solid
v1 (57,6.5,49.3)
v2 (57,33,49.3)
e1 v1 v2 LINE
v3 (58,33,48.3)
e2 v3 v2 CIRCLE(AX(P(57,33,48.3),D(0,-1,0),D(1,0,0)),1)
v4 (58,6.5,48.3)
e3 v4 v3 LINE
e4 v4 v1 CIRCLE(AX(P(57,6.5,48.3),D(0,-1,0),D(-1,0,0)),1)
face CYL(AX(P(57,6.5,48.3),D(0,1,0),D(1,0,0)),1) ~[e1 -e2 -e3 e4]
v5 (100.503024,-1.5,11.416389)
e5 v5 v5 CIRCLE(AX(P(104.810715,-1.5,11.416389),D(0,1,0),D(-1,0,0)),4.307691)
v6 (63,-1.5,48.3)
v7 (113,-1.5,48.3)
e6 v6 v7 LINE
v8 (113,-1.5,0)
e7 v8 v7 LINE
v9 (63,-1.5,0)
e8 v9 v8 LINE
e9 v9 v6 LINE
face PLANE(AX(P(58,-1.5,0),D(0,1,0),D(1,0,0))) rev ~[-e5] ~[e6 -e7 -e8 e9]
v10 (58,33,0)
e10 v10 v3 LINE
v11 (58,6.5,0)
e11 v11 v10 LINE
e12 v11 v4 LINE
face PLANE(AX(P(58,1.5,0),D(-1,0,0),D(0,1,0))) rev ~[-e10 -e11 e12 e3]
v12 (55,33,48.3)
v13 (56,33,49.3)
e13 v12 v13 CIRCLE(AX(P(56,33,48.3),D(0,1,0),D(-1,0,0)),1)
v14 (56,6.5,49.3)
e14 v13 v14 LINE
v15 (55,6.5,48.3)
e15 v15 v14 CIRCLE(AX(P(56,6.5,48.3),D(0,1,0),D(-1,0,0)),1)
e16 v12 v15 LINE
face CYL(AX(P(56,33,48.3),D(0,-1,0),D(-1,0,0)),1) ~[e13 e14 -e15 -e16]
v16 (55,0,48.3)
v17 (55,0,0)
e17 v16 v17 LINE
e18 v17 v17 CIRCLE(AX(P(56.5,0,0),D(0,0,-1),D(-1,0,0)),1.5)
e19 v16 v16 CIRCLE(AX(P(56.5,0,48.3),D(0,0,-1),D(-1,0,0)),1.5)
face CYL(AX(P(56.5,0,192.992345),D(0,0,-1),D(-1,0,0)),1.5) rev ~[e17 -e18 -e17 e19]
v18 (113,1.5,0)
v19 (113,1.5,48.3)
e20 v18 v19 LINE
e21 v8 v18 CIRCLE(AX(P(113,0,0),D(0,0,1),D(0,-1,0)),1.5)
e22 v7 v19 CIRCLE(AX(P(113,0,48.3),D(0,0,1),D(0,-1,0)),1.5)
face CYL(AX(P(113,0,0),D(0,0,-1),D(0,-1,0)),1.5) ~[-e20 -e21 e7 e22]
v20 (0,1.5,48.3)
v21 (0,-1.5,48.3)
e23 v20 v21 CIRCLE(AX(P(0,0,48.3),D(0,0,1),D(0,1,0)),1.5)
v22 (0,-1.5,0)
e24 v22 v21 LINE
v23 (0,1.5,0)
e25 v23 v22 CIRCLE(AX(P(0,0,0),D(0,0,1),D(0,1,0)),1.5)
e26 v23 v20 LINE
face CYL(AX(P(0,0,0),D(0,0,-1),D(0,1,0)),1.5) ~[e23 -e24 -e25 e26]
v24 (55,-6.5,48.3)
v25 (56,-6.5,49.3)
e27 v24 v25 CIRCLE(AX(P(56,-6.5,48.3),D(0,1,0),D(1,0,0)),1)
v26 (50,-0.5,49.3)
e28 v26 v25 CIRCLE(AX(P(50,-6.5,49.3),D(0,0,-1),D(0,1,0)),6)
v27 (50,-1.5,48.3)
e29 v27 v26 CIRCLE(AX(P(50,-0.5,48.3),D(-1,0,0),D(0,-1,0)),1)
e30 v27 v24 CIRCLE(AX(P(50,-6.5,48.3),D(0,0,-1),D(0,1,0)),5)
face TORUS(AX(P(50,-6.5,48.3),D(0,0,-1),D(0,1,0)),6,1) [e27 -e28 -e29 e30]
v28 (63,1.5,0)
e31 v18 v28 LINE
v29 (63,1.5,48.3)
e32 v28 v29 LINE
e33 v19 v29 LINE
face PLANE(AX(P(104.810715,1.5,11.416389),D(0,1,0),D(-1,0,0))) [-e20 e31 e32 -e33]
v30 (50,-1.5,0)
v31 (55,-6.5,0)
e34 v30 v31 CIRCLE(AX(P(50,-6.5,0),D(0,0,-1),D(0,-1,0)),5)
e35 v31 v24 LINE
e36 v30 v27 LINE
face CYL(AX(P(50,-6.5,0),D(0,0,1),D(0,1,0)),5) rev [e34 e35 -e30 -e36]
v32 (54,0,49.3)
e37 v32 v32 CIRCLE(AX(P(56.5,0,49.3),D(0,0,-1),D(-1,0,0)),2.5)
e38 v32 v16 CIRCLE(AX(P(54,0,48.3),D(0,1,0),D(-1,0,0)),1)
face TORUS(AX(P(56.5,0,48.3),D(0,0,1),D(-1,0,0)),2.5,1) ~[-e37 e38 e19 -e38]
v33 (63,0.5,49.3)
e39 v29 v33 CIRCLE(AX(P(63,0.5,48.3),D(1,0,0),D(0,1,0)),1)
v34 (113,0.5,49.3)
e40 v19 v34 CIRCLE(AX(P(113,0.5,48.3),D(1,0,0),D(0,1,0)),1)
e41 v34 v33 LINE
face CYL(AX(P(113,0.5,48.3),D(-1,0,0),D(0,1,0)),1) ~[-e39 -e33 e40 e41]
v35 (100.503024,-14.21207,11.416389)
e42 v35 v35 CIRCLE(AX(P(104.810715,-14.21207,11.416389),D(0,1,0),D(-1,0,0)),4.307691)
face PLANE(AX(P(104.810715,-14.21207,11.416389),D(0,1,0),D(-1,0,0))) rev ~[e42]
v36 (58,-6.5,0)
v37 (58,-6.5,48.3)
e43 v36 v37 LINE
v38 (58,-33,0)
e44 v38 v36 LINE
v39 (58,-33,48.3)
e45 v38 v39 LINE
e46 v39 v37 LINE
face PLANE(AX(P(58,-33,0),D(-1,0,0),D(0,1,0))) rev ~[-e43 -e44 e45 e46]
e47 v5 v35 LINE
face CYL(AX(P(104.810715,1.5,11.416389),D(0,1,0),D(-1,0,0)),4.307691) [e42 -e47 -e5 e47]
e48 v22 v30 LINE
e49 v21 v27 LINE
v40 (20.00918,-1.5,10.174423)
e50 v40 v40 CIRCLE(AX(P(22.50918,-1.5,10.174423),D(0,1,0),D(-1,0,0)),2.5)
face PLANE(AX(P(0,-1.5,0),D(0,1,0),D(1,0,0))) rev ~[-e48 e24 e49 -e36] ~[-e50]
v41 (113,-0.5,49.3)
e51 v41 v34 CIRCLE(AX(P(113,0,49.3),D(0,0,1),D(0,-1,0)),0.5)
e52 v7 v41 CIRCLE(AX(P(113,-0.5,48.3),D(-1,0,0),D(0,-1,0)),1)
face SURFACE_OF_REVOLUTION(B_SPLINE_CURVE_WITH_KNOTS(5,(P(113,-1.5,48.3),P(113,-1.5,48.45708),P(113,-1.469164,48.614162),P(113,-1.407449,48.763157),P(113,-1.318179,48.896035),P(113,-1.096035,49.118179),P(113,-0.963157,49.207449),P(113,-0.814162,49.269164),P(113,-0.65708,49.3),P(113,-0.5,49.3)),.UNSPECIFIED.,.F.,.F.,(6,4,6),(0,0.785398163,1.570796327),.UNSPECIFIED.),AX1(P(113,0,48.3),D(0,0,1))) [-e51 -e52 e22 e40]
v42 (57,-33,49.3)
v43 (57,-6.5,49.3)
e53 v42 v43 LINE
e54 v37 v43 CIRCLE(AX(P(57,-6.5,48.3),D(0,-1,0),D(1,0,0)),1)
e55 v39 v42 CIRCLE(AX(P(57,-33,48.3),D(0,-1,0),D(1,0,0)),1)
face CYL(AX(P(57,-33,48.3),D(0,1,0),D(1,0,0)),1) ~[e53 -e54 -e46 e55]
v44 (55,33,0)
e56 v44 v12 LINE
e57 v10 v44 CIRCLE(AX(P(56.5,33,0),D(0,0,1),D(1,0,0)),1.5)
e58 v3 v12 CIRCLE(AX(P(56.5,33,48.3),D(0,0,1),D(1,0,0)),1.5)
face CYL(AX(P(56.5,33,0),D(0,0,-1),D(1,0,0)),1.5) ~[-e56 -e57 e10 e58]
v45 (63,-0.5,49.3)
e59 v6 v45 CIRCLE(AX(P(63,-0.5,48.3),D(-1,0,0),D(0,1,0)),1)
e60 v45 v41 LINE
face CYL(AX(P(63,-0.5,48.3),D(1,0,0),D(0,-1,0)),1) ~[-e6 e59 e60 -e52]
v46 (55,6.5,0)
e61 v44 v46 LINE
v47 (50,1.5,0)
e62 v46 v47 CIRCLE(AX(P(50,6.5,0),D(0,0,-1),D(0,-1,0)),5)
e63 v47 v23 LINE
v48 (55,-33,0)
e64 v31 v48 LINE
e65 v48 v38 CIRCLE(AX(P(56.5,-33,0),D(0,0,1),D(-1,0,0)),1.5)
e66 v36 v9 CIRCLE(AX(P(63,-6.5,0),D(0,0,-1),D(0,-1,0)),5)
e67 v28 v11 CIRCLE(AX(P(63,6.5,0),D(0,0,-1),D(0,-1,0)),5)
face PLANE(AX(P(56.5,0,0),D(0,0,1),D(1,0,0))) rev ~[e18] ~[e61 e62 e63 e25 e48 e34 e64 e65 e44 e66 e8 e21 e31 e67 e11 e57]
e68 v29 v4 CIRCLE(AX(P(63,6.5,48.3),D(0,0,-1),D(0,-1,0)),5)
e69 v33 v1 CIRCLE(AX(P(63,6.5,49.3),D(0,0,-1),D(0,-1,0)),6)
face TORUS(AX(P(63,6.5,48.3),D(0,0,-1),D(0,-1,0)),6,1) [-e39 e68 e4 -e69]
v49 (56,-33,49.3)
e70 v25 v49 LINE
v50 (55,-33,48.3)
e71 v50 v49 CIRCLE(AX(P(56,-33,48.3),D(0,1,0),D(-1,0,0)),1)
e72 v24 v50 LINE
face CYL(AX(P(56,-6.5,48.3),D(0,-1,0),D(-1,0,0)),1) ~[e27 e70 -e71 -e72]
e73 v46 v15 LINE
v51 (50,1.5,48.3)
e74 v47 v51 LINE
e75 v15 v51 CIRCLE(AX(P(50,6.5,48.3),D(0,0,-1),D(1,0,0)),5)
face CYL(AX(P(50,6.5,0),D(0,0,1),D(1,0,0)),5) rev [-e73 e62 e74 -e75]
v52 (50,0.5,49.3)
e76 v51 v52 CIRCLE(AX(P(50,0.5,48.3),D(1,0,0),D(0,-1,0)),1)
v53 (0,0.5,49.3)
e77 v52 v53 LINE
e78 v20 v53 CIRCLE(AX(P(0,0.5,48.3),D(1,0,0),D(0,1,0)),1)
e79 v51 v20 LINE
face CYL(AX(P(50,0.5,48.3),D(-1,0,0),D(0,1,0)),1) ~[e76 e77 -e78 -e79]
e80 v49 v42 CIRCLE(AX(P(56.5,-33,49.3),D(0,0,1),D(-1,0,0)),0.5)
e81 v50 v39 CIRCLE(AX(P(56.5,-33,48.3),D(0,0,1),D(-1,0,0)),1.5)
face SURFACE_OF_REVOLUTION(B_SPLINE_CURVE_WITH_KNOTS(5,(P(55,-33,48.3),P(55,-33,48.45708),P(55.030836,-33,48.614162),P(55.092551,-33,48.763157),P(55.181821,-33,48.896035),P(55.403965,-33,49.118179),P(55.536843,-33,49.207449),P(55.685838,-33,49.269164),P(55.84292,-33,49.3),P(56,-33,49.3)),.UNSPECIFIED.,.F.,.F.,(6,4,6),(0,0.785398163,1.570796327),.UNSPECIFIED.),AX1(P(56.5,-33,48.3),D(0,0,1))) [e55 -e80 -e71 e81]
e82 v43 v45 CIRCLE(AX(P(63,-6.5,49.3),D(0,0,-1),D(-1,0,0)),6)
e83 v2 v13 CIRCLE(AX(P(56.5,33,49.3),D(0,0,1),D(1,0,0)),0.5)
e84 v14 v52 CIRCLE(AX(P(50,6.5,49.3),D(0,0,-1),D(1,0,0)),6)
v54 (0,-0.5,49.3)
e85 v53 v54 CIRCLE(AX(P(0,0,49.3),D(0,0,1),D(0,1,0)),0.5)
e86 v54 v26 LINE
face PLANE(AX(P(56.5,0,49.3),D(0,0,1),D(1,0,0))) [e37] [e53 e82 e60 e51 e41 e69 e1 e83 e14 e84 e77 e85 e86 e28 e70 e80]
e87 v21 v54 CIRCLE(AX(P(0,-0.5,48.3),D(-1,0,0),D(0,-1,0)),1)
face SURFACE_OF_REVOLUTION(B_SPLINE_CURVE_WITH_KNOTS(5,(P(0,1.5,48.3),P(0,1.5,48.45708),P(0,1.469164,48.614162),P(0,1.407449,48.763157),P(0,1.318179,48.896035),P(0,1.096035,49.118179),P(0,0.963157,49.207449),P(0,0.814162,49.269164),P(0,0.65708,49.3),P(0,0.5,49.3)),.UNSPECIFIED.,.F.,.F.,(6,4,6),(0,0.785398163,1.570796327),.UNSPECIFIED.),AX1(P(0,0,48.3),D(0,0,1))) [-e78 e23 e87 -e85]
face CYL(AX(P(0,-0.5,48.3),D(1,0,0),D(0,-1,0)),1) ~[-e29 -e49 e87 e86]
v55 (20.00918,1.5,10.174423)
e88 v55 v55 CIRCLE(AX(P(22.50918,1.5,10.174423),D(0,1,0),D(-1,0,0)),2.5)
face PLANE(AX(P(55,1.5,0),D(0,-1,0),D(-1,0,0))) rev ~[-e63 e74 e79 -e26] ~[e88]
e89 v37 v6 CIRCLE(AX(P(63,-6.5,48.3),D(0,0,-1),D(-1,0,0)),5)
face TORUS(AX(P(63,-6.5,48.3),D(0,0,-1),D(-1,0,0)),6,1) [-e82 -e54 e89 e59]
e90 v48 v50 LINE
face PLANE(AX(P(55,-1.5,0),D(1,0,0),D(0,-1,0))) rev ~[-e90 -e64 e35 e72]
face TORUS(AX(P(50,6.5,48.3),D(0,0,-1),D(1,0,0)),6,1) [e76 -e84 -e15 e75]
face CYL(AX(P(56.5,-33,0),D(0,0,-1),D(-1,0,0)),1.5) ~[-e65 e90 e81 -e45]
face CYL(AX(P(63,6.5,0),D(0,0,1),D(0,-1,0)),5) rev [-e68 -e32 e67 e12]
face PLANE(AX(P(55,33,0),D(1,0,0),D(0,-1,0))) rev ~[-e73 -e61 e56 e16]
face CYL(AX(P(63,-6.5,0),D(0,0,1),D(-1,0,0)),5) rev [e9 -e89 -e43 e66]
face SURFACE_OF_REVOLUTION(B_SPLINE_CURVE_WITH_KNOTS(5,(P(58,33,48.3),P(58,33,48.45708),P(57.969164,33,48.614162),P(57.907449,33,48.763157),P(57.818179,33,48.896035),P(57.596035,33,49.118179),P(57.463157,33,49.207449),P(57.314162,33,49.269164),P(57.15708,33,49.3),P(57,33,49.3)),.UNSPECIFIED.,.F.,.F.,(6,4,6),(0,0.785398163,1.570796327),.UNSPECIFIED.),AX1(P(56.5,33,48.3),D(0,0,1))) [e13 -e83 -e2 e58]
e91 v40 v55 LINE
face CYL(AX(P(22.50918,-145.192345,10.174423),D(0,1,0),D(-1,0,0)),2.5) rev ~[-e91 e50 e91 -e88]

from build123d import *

# Parameters (mm, degrees)
F1_DEPTH = 49.3
F2_R     = 5
F4_D     = 3
F5_R     = 1
F6_R     = 4.3076910369
F7_DEPTH = 15.71207
F8_D     = 5


with BuildPart() as f1:
    # F0 (on Top) → F1 (new body)
    with BuildSketch(Plane.XY):
        with BuildLine():
            ThreePointArc((0, 1.5), (-1.5, 0), (0, -1.5))
            Line((0, -1.5), (55, -1.5))
            Line((55, -1.5), (55, -33))
            ThreePointArc((55, -33), (56.5, -34.5), (58, -33))
            Line((58, -33), (58, -1.5))
            Line((58, -1.5), (113, -1.5))
            ThreePointArc((113, -1.5), (114.5, 0), (113, 1.5))
            Line((113, 1.5), (58, 1.5))
            Line((58, 1.5), (58, 33))
            ThreePointArc((58, 33), (56.5, 34.5), (55, 33))
            Line((55, 33), (55, 1.5))
            Line((55, 1.5), (0, 1.5))
        make_face()
    extrude(amount=F1_DEPTH)

    # F2
    f2_edges = [f1.edges().sort_by_distance(p)[0] for p in [
        (58, -1.5, 24.65),
        (55, -1.5, 24.65),
        (55, 1.5, 24.65),
        (58, 1.5, 24.65),
    ]]
    fillet(f2_edges, radius=F2_R)

    # F4 (through all)
    with Locations(Plane.XY.offset(49.3)):
        with Locations((56.5, 0)):
            Hole(F4_D / 2)

    # F5
    f5_edges = [f1.edges().sort_by_distance(p)[0] for p in [
        (25, -1.5, 49.3),
        (53.535534, -2.964466, 49.3),
        (-1.5, 0, 49.3),
        (55, -19.75, 49.3),
        (25, 1.5, 49.3),
        (56.5, -34.5, 49.3),
        (53.535534, 2.964466, 49.3),
        (58, -19.75, 49.3),
        (55, 19.75, 49.3),
        (59.464466, -2.964466, 49.3),
        (56.5, 34.5, 49.3),
        (88, -1.5, 49.3),
        (58, 19.75, 49.3),
        (114.5, 0, 49.3),
        (59.464466, 2.964466, 49.3),
        (88, 1.5, 49.3),
        (55, 0, 49.3),
    ]]
    fillet(f5_edges, radius=F5_R)

    # F6 (on face) → F7 (join)
    with BuildSketch(Plane(origin=(0, 1.5, 0), x_dir=(-1, 0, 0), z_dir=(0, 1, 0))):
        with Locations((-104.8107147217, 11.4163886756)):
            Circle(F6_R)
    extrude(amount=-F7_DEPTH)

    # F8 (through all)
    with Locations(Plane.XZ.offset(1.5)):
        with Locations((22.5091800094, 10.1744234562)):
            Hole(F8_D / 2)


solid = f1.part
